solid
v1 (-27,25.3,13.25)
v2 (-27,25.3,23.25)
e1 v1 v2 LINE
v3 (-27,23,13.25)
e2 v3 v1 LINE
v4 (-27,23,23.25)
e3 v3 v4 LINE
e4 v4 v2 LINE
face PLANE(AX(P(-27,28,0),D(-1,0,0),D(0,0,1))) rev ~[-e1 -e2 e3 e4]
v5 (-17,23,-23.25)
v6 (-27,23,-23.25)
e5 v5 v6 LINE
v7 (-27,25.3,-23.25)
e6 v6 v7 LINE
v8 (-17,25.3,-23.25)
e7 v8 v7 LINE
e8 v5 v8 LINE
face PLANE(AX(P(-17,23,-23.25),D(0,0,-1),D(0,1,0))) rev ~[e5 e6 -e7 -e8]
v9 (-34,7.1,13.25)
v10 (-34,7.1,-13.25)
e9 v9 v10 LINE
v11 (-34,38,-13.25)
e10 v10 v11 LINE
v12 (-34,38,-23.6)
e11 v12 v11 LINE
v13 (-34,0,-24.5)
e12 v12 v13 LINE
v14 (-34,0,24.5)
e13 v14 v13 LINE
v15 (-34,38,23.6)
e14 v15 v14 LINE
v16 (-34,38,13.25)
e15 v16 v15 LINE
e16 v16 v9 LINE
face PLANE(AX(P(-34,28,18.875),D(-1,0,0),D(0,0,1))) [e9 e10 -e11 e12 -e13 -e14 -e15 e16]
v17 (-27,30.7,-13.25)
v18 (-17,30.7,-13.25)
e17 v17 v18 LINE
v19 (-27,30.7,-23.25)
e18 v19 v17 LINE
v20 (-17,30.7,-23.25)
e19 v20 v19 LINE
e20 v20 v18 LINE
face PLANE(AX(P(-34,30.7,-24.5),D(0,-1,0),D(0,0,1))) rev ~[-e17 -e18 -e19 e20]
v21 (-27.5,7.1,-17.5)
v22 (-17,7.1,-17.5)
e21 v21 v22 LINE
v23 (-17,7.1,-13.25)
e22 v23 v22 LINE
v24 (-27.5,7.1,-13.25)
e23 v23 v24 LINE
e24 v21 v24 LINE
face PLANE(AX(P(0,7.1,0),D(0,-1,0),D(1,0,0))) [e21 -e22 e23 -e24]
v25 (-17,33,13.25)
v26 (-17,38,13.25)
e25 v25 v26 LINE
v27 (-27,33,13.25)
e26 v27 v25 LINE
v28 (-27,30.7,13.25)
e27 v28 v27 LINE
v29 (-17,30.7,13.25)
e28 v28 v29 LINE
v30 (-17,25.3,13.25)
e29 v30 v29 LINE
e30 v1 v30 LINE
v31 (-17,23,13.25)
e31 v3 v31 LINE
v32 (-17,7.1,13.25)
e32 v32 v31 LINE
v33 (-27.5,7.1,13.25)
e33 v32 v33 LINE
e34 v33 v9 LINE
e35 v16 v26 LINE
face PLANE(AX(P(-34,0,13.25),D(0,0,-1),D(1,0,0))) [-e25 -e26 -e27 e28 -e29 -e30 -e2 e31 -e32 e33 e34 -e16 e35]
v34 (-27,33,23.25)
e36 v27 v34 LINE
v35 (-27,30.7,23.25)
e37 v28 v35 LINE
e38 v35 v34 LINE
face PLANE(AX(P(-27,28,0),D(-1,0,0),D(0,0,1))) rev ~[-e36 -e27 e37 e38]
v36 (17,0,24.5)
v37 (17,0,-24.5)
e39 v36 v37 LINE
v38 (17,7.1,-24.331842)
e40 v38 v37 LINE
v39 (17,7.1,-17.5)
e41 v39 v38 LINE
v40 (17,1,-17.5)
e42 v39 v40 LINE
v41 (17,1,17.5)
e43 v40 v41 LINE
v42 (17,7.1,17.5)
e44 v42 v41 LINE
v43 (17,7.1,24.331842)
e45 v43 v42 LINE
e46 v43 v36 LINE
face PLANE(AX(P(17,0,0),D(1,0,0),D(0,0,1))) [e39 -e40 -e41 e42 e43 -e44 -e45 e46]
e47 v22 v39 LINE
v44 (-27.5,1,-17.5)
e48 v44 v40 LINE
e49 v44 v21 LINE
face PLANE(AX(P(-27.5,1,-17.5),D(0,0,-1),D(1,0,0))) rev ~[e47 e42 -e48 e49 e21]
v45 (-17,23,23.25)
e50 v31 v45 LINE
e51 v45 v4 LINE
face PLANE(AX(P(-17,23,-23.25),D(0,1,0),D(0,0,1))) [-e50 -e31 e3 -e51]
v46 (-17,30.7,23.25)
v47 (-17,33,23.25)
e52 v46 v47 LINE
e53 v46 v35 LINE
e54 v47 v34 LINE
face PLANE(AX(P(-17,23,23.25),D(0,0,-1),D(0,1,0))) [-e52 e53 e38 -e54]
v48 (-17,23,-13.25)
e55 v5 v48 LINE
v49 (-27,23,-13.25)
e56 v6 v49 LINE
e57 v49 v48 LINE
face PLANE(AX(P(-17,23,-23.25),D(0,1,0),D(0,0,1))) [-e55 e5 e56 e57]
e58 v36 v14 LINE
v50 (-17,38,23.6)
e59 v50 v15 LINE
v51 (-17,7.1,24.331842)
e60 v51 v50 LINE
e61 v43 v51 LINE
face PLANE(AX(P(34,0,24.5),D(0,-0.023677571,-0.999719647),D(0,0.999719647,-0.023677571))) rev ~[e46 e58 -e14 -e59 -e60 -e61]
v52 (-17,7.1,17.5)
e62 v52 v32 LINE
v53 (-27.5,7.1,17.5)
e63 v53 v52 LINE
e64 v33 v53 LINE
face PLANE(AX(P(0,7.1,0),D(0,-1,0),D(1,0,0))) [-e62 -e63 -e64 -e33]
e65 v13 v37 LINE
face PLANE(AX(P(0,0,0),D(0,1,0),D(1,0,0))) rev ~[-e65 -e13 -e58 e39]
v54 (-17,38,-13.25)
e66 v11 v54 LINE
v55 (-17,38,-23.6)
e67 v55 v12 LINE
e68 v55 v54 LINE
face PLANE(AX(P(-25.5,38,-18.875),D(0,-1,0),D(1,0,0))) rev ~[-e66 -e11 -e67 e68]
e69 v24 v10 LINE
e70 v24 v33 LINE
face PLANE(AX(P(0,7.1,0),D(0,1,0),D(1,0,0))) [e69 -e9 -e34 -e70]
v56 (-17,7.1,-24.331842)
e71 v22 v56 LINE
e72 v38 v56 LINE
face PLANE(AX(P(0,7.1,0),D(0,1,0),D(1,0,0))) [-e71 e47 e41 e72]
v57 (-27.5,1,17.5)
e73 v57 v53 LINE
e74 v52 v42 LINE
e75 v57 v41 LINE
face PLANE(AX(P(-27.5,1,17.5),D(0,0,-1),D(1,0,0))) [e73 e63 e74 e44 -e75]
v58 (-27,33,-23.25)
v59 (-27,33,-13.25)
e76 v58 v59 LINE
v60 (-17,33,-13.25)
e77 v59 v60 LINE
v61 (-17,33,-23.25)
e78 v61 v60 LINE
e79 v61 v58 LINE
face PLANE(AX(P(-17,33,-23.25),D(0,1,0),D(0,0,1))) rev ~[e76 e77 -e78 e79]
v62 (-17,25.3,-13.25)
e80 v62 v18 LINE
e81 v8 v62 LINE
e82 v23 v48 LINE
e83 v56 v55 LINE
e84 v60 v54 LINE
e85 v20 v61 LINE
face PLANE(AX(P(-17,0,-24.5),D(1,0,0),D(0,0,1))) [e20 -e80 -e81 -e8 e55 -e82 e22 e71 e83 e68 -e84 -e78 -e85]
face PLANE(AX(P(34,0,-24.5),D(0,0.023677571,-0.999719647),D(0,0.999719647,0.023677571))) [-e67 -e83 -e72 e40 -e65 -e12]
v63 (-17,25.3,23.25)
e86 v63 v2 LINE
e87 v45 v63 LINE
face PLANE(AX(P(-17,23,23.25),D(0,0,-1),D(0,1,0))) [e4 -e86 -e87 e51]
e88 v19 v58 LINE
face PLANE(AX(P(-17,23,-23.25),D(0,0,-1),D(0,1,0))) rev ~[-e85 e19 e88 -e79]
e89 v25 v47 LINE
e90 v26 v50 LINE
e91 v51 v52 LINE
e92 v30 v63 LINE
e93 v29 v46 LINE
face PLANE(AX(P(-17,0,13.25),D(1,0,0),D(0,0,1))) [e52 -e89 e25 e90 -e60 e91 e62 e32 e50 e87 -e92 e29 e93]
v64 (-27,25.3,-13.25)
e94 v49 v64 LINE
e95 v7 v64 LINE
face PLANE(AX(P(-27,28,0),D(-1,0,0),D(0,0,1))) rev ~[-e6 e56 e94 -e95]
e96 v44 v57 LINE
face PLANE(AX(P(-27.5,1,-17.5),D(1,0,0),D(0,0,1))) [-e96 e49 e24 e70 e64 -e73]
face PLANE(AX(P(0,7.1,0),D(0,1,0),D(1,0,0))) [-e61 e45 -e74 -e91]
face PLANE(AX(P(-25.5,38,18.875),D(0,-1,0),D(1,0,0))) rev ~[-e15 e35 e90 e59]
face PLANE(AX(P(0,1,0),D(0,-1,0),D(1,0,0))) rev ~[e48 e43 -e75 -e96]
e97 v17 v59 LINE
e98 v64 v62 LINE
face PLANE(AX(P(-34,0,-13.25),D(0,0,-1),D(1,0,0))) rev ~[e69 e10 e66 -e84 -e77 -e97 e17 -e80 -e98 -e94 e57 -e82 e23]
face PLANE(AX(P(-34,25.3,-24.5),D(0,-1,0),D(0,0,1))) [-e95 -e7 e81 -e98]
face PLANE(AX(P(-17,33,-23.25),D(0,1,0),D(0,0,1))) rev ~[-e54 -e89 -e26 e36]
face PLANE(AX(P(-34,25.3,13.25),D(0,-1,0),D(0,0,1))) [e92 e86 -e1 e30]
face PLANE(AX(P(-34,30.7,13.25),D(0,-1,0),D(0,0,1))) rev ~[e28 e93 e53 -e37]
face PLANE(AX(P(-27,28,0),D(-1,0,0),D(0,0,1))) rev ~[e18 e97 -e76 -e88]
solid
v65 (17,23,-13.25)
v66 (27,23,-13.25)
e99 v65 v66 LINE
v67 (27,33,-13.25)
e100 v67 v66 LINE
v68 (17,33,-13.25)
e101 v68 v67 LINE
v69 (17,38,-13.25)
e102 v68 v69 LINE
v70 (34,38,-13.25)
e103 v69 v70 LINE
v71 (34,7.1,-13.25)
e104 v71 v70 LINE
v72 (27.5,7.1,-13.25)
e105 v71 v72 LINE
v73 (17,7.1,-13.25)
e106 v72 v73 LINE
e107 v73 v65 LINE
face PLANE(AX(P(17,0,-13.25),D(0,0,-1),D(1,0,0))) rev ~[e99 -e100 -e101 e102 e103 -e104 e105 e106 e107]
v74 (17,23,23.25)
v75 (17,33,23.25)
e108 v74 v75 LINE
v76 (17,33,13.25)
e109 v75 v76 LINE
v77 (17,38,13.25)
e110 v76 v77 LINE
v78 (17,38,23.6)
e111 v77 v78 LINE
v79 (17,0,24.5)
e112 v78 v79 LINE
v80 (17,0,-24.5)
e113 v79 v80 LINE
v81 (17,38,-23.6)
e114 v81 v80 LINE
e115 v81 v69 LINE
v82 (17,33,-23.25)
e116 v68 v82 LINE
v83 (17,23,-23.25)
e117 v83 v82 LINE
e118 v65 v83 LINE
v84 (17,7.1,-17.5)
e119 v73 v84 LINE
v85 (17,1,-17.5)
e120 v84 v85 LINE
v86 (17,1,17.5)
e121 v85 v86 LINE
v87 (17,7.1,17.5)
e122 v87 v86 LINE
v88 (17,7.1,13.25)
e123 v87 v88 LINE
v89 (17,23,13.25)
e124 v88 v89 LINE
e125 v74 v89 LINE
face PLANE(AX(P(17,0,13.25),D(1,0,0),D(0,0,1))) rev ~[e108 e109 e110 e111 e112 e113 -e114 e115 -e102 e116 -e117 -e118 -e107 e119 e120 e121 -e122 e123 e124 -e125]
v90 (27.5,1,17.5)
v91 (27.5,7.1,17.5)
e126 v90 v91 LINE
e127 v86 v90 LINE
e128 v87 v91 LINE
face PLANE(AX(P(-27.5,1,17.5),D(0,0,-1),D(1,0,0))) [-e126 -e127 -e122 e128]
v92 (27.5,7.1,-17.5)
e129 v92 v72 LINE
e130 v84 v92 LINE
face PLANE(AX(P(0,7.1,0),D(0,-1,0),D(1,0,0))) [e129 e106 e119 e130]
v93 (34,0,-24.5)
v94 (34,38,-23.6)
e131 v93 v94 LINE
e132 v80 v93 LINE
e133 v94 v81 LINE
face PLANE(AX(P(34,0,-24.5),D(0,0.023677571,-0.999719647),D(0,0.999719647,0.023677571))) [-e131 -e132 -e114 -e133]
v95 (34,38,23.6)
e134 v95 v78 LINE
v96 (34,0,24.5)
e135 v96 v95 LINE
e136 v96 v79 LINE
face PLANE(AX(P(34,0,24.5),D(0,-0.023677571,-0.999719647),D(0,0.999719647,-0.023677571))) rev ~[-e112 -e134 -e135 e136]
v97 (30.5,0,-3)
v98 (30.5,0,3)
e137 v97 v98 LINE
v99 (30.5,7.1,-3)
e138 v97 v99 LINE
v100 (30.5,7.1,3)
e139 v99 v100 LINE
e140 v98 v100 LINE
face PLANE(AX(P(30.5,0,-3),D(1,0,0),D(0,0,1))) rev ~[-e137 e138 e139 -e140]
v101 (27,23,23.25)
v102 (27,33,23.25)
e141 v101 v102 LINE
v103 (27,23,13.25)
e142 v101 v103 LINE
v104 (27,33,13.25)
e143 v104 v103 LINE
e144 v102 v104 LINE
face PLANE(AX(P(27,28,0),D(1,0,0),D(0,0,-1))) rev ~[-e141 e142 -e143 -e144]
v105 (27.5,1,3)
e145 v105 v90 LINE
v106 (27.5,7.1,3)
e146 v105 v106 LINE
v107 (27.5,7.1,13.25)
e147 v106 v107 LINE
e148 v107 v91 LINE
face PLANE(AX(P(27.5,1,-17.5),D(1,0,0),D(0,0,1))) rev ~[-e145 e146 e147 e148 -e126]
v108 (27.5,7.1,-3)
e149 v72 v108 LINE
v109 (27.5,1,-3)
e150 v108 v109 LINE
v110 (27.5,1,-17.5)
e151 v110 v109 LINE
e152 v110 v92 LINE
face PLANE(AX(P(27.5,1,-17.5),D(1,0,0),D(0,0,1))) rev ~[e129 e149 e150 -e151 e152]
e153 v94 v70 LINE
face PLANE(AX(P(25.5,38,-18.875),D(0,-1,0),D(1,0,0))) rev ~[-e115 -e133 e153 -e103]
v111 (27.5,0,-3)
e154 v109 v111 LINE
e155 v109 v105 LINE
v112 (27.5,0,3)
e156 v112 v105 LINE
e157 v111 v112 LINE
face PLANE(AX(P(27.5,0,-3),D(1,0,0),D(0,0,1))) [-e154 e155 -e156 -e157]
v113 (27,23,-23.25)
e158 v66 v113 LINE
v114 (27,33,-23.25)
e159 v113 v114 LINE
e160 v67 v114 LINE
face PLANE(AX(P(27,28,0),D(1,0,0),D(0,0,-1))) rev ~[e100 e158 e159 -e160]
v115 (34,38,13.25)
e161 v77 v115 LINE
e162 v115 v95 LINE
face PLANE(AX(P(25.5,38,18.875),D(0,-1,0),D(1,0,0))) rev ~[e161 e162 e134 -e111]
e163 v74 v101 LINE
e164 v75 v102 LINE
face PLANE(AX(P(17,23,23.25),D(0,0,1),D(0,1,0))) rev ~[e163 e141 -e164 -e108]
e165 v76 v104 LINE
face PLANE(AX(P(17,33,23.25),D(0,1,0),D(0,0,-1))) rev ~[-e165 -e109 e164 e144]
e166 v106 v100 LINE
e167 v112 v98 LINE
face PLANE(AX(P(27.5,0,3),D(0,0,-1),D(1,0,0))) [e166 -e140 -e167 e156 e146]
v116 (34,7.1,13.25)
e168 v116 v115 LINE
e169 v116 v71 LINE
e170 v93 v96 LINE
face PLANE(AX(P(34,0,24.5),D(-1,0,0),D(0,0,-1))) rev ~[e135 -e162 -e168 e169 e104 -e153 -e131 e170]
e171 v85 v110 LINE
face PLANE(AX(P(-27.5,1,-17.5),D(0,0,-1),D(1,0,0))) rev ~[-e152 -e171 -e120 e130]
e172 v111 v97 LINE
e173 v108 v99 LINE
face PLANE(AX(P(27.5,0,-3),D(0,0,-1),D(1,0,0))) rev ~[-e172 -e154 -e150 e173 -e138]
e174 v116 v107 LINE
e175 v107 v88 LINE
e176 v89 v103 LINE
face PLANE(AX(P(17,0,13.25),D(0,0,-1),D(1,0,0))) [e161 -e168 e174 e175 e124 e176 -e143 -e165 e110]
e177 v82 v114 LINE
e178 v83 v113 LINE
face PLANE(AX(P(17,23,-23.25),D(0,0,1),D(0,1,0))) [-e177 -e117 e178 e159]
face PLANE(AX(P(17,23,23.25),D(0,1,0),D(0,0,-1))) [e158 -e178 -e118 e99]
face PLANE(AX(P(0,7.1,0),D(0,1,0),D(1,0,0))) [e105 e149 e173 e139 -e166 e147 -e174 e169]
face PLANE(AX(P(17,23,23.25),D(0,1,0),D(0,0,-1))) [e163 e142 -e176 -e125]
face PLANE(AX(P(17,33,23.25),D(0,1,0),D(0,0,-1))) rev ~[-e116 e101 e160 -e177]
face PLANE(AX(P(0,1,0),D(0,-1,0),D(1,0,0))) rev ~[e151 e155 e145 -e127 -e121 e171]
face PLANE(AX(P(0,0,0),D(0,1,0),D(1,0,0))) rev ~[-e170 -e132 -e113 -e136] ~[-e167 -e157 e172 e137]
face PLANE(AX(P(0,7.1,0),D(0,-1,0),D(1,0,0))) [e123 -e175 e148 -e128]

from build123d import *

# Parameters (mm, degrees)
SKETCH3_W           = 68
SKETCH3_H           = 49
BOSS_EXTRUDE1_DEPTH = 7.1
SKETCH6_W           = 17
SKETCH6_H           = 11.25
BOSS_EXTRUDE2_DEPTH = 38
CUT_EXTRUDE2_START  = -17
SKETCH7_W           = 46.5
SKETCH7_H           = 10
CUT_EXTRUDE2_DEPTH  = 10
CUT_EXTRUDE3_START  = -17
SKETCH9_W           = 46.5
SKETCH9_H           = 10
CUT_EXTRUDE3_DEPTH  = 10
SKETCH10_W          = 11.25
SKETCH10_H          = 5.4
BOSS_EXTRUDE3_DEPTH = 17
CUT_EXTRUDE4_START  = -1
SKETCH11_W          = 55
SKETCH11_H          = 35
CUT_EXTRUDE4_DEPTH  = 6.1
CUT_EXTRUDE5_REACH  = 58.571
SKETCH12_W          = 3
SKETCH12_H          = 6
CUT_EXTRUDE9_DEPTH  = 82.659353414


with BuildPart() as part:
    # Sketch3 → Boss-Extrude1 (new body)
    with BuildSketch(Plane(origin=(0, 0, 0), x_dir=(1, 0, 0), z_dir=(0, 1, 0))):
        Rectangle(SKETCH3_W, SKETCH3_H)
    extrude(amount=BOSS_EXTRUDE1_DEPTH)

    # Sketch6 → Boss-Extrude2 (add)
    with BuildSketch(Plane.XZ):
        with Locations((25.5, 18.875)):
            Rectangle(SKETCH6_W, SKETCH6_H)
        with Locations((-25.5, 18.875)):
            Rectangle(SKETCH6_W, SKETCH6_H)
        with Locations((-25.5, -18.875)):
            Rectangle(SKETCH6_W, SKETCH6_H)
        with Locations((25.5, -18.875)):
            Rectangle(SKETCH6_W, SKETCH6_H)
    extrude(amount=-BOSS_EXTRUDE2_DEPTH)

    # Sketch7 → Cut-Extrude2 (cut)
    with BuildSketch(Plane(origin=(34, 0, 0), x_dir=(0, 0, -1), z_dir=(1, 0, 0)).offset(CUT_EXTRUDE2_START)):
        with Locations((0, 28)):
            Rectangle(SKETCH7_W, SKETCH7_H)
    extrude(amount=CUT_EXTRUDE2_DEPTH, mode=Mode.SUBTRACT)

    # Sketch9 → Cut-Extrude3 (cut)
    with BuildSketch(Plane.ZY.offset(34).offset(CUT_EXTRUDE3_START)):
        with Locations((0, 28)):
            Rectangle(SKETCH9_W, SKETCH9_H)
    extrude(amount=CUT_EXTRUDE3_DEPTH, mode=Mode.SUBTRACT)

    # Sketch10 → Boss-Extrude3 (add)
    with BuildSketch(Plane.ZY.offset(34)):
        with Locations((18.875, 28)):
            Rectangle(SKETCH10_W, SKETCH10_H)
        with Locations((-18.875, 28)):
            Rectangle(SKETCH10_W, SKETCH10_H)
    extrude(amount=-BOSS_EXTRUDE3_DEPTH)

    # Sketch11 → Cut-Extrude4 (cut)
    with BuildSketch(Plane.XZ.offset(CUT_EXTRUDE4_START)):
        Rectangle(SKETCH11_W, SKETCH11_H)
    extrude(amount=-CUT_EXTRUDE4_DEPTH, mode=Mode.SUBTRACT)

    # Sketch12 → Cut-Extrude5 (cut, up to next)
    with BuildSketch(Plane.XZ, mode=Mode.PRIVATE) as cut_extrude5_sk1:
        with Locations((29, 0)):
            Rectangle(SKETCH12_W, SKETCH12_H)
    cut_extrude5_tool1 = extrude(cut_extrude5_sk1.sketch, amount=-CUT_EXTRUDE5_REACH, mode=Mode.PRIVATE) & part.part
    add(cut_extrude5_tool1.solids().sort_by_distance((29, 0, 0))[0], mode=Mode.SUBTRACT)

    # Sketch13 → Cut-Extrude9 (cut, through all)
    with BuildSketch(Plane(origin=(34, 0, 0), x_dir=(0, 0, -1), z_dir=(1, 0, 0))):
        Polygon((-24.5, 0), (-23.6, 38), (-24.5, 38), align=None)
        Polygon((24.5, 0), (23.6, 38), (24.5, 38), align=None)
    extrude(amount=-CUT_EXTRUDE9_DEPTH, mode=Mode.SUBTRACT)


with BuildPart() as body_2:
    # Split1: the piece on the far side of the plane
    add(part.part)
    split(bisect_by=Plane(origin=(17, 0, 0), x_dir=(0, 0, 1), z_dir=(1, 0, 0)), keep=Keep.BOTTOM)


with BuildPart() as part_1:
    add(part.part)

    # Split1
    split(bisect_by=Plane(origin=(17, 0, 0), x_dir=(0, 0, 1), z_dir=(1, 0, 0)), keep=Keep.TOP)


solid = Compound([body_2.part, part_1.part])
